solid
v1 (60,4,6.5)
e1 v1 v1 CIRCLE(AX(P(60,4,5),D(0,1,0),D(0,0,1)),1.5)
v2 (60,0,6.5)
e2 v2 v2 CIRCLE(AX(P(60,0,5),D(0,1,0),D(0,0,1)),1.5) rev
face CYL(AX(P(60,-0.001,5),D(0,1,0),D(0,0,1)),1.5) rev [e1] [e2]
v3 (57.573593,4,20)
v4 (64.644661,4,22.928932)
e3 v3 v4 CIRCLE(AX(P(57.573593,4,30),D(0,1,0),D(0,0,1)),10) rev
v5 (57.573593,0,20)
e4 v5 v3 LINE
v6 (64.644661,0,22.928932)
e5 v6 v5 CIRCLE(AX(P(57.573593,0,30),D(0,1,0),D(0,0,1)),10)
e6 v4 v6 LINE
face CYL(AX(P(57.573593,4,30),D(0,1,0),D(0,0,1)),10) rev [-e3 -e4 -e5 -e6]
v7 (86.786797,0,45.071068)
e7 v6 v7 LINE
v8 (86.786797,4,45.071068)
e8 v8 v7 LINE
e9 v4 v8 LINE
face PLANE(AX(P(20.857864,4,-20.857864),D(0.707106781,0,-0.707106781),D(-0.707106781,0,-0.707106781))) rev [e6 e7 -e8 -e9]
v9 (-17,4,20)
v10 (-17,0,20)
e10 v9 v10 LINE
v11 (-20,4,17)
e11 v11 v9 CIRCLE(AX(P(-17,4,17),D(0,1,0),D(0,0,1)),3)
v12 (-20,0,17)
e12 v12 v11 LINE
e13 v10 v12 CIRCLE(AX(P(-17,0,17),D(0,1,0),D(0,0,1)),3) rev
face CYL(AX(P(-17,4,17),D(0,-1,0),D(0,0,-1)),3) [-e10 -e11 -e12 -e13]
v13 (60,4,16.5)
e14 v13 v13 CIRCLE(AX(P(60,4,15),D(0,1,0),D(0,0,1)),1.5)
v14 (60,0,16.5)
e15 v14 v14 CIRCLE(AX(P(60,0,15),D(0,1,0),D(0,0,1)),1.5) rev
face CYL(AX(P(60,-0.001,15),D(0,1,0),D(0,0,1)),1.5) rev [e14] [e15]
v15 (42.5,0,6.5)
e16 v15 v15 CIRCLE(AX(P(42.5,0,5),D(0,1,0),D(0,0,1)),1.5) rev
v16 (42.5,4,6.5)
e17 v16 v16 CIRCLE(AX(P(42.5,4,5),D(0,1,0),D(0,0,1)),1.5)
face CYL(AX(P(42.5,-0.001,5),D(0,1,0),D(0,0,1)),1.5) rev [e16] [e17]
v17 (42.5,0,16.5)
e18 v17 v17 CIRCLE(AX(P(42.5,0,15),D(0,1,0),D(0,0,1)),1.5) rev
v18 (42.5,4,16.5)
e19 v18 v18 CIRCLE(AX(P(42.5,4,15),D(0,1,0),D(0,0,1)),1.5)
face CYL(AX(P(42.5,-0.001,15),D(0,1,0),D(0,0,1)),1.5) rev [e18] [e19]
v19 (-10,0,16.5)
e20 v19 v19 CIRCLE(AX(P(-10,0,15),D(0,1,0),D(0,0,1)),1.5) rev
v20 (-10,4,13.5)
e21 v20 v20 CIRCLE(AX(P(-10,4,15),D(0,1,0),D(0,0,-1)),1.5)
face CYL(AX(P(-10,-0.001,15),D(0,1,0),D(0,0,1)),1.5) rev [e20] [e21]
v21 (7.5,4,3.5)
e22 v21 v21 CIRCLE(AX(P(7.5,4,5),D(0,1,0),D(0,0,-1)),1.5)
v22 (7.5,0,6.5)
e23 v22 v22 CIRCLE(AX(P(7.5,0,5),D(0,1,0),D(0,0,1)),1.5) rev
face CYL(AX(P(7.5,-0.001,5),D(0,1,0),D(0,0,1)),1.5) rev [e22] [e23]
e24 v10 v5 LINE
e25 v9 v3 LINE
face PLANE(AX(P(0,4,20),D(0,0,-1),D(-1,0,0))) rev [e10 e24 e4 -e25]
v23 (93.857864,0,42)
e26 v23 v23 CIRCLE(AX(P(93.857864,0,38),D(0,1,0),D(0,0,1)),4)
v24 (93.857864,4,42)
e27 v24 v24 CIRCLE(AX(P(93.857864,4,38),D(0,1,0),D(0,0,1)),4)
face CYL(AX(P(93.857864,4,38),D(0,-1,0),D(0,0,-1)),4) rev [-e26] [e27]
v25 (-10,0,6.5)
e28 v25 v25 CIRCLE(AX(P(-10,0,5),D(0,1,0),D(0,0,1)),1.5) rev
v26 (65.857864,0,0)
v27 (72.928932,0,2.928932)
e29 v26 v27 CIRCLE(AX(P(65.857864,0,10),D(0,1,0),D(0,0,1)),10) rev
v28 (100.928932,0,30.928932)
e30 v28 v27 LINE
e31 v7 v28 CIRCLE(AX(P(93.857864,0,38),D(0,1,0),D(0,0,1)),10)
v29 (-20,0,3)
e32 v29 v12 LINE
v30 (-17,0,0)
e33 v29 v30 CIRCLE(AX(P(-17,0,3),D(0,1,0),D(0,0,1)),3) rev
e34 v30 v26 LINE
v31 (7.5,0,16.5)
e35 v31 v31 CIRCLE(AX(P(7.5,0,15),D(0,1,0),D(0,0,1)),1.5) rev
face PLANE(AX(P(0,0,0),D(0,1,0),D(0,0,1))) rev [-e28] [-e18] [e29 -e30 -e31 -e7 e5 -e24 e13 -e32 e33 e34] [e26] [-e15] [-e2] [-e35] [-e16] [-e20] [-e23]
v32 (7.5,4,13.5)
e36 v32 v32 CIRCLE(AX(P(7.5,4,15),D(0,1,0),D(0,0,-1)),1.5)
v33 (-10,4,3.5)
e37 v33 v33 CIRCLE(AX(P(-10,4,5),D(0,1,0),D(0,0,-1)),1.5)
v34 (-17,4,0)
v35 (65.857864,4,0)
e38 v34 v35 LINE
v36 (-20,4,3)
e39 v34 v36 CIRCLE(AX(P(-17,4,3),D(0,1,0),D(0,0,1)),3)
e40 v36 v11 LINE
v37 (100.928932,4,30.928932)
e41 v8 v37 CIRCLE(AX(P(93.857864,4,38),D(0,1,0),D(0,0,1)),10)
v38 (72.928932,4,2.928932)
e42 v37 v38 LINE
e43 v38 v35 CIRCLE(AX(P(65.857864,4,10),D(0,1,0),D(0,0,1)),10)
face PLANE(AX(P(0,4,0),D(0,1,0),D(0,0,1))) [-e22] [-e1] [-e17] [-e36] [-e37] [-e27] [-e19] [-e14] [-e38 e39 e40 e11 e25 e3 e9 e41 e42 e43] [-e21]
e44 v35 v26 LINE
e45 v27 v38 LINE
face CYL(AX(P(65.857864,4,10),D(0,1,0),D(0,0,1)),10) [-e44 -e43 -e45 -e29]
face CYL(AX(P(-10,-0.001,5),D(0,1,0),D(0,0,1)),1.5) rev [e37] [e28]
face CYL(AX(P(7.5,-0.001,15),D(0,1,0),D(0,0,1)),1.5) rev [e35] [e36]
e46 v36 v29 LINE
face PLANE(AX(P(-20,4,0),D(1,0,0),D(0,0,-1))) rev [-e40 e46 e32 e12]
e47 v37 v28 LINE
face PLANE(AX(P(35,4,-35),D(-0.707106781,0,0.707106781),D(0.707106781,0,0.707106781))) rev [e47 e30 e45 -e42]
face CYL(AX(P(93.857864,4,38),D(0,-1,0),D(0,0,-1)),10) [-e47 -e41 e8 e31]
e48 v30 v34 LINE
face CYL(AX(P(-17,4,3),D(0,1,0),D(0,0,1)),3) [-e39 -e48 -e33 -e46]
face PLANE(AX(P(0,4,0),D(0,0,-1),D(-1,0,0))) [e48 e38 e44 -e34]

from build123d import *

# Parameters (mm, degrees)
SKETCH_1_R          = 4
EXTRUDE_1_DEPTH     = 4
CUT_EXTRUDE_1_REACH = 127.309
SKETCH_2_R          = 1.5
EXTRUDE_2_DEPTH     = 4
FILLET_1_R          = 3
FILLET_3_R          = 10
SKETCH_4_R          = 1.5
CUT_EXTRUDE_2_DEPTH = 10


with BuildPart() as part:
    # 草图1 → 凸台-拉伸1 (new body)
    with BuildSketch(Plane(origin=(0, 0, 0), x_dir=(1, 0, 0), z_dir=(0, 1, 0))):
        with BuildLine():
            Line((100.928932188, -30.928932188), (70, 0))
            Line((70, 0), (35, 0))
            Line((35, 0), (35, 70))
            Line((35, 70), (15, 70))
            Line((15, 70), (15, 0))
            Line((15, 0), (-20, 0))
            Line((-20, 0), (-20, -20))
            Line((-20, -20), (61.715728753, -20))
            Line((61.715728753, -20), (86.786796564, -45.071067812))
            ThreePointArc((86.786796564, -45.071067812), (100.928932188, -45.071067812), (100.928932188, -30.928932188))
        make_face()
        with Locations(Location((93.857864376, -38, 0), (0, 0, 270))):
            Circle(SKETCH_1_R, mode=Mode.SUBTRACT)
    extrude(amount=EXTRUDE_1_DEPTH)

    # 草图2 → 切除-拉伸1 (cut, up to next)
    with BuildSketch(Plane(origin=(0, 4, 0), x_dir=(1, 0, 0), z_dir=(0, 1, 0)), mode=Mode.PRIVATE) as cut_extrude_1_sk1:
        with Locations(Location((17.5, 60, 0), (0, 0, 270))):
            Circle(SKETCH_2_R)
    cut_extrude_1_tool1 = extrude(cut_extrude_1_sk1.sketch, amount=-CUT_EXTRUDE_1_REACH, mode=Mode.PRIVATE) & part.part
    # 草图2 → 切除-拉伸1 (cut, up to next)
    with BuildSketch(Plane(origin=(0, 4, 0), x_dir=(1, 0, 0), z_dir=(0, 1, 0)), mode=Mode.PRIVATE) as cut_extrude_1_sk2:
        with Locations(Location((32.5, 60, 0), (0, 0, 270))):
            Circle(SKETCH_2_R)
    cut_extrude_1_tool2 = extrude(cut_extrude_1_sk2.sketch, amount=-CUT_EXTRUDE_1_REACH, mode=Mode.PRIVATE) & part.part
    # 草图2 → 切除-拉伸1 (cut, up to next)
    with BuildSketch(Plane(origin=(0, 4, 0), x_dir=(1, 0, 0), z_dir=(0, 1, 0)), mode=Mode.PRIVATE) as cut_extrude_1_sk3:
        with Locations(Location((32.5, 50, 0), (0, 0, 270))):
            Circle(SKETCH_2_R)
    cut_extrude_1_tool3 = extrude(cut_extrude_1_sk3.sketch, amount=-CUT_EXTRUDE_1_REACH, mode=Mode.PRIVATE) & part.part
    # 草图2 → 切除-拉伸1 (cut, up to next)
    with BuildSketch(Plane(origin=(0, 4, 0), x_dir=(1, 0, 0), z_dir=(0, 1, 0)), mode=Mode.PRIVATE) as cut_extrude_1_sk4:
        with Locations(Location((17.5, 50, 0), (0, 0, 270))):
            Circle(SKETCH_2_R)
    cut_extrude_1_tool4 = extrude(cut_extrude_1_sk4.sketch, amount=-CUT_EXTRUDE_1_REACH, mode=Mode.PRIVATE) & part.part
    # 草图2 → 切除-拉伸1 (cut, up to next)
    with BuildSketch(Plane(origin=(0, 4, 0), x_dir=(1, 0, 0), z_dir=(0, 1, 0)), mode=Mode.PRIVATE) as cut_extrude_1_sk5:
        with Locations(Location((17.5, 20, 0), (0, 0, 270))):
            Circle(SKETCH_2_R)
    cut_extrude_1_tool5 = extrude(cut_extrude_1_sk5.sketch, amount=-CUT_EXTRUDE_1_REACH, mode=Mode.PRIVATE) & part.part
    # 草图2 → 切除-拉伸1 (cut, up to next)
    with BuildSketch(Plane(origin=(0, 4, 0), x_dir=(1, 0, 0), z_dir=(0, 1, 0)), mode=Mode.PRIVATE) as cut_extrude_1_sk6:
        with Locations(Location((17.5, 10, 0), (0, 0, 270))):
            Circle(SKETCH_2_R)
    cut_extrude_1_tool6 = extrude(cut_extrude_1_sk6.sketch, amount=-CUT_EXTRUDE_1_REACH, mode=Mode.PRIVATE) & part.part
    # 草图2 → 切除-拉伸1 (cut, up to next)
    with BuildSketch(Plane(origin=(0, 4, 0), x_dir=(1, 0, 0), z_dir=(0, 1, 0)), mode=Mode.PRIVATE) as cut_extrude_1_sk7:
        with Locations(Location((32.5, 10, 0), (0, 0, 270))):
            Circle(SKETCH_2_R)
    cut_extrude_1_tool7 = extrude(cut_extrude_1_sk7.sketch, amount=-CUT_EXTRUDE_1_REACH, mode=Mode.PRIVATE) & part.part
    # 草图2 → 切除-拉伸1 (cut, up to next)
    with BuildSketch(Plane(origin=(0, 4, 0), x_dir=(1, 0, 0), z_dir=(0, 1, 0)), mode=Mode.PRIVATE) as cut_extrude_1_sk8:
        with Locations(Location((32.5, 20, 0), (0, 0, 270))):
            Circle(SKETCH_2_R)
    cut_extrude_1_tool8 = extrude(cut_extrude_1_sk8.sketch, amount=-CUT_EXTRUDE_1_REACH, mode=Mode.PRIVATE) & part.part
    # 草图2 → 切除-拉伸1 (cut, up to next)
    with BuildSketch(Plane(origin=(0, 4, 0), x_dir=(1, 0, 0), z_dir=(0, 1, 0)), mode=Mode.PRIVATE) as cut_extrude_1_sk9:
        with Locations(Location((42.5, -5, 0), (0, 0, 270))):
            Circle(SKETCH_2_R)
    cut_extrude_1_tool9 = extrude(cut_extrude_1_sk9.sketch, amount=-CUT_EXTRUDE_1_REACH, mode=Mode.PRIVATE) & part.part
    # 草图2 → 切除-拉伸1 (cut, up to next)
    with BuildSketch(Plane(origin=(0, 4, 0), x_dir=(1, 0, 0), z_dir=(0, 1, 0)), mode=Mode.PRIVATE) as cut_extrude_1_sk10:
        with Locations(Location((42.5, -15, 0), (0, 0, 270))):
            Circle(SKETCH_2_R)
    cut_extrude_1_tool10 = extrude(cut_extrude_1_sk10.sketch, amount=-CUT_EXTRUDE_1_REACH, mode=Mode.PRIVATE) & part.part
    # 草图2 → 切除-拉伸1 (cut, up to next)
    with BuildSketch(Plane(origin=(0, 4, 0), x_dir=(1, 0, 0), z_dir=(0, 1, 0)), mode=Mode.PRIVATE) as cut_extrude_1_sk11:
        with Locations(Location((7.5, -15, 0), (0, 0, 270))):
            Circle(SKETCH_2_R)
    cut_extrude_1_tool11 = extrude(cut_extrude_1_sk11.sketch, amount=-CUT_EXTRUDE_1_REACH, mode=Mode.PRIVATE) & part.part
    # 草图2 → 切除-拉伸1 (cut, up to next)
    with BuildSketch(Plane(origin=(0, 4, 0), x_dir=(1, 0, 0), z_dir=(0, 1, 0)), mode=Mode.PRIVATE) as cut_extrude_1_sk12:
        with Locations(Location((7.5, -5, 0), (0, 0, 270))):
            Circle(SKETCH_2_R)
    cut_extrude_1_tool12 = extrude(cut_extrude_1_sk12.sketch, amount=-CUT_EXTRUDE_1_REACH, mode=Mode.PRIVATE) & part.part
    # 草图2 → 切除-拉伸1 (cut, up to next)
    with BuildSketch(Plane(origin=(0, 4, 0), x_dir=(1, 0, 0), z_dir=(0, 1, 0)), mode=Mode.PRIVATE) as cut_extrude_1_sk13:
        with Locations(Location((60, -15, 0), (0, 0, 270))):
            Circle(SKETCH_2_R)
    cut_extrude_1_tool13 = extrude(cut_extrude_1_sk13.sketch, amount=-CUT_EXTRUDE_1_REACH, mode=Mode.PRIVATE) & part.part
    # 草图2 → 切除-拉伸1 (cut, up to next)
    with BuildSketch(Plane(origin=(0, 4, 0), x_dir=(1, 0, 0), z_dir=(0, 1, 0)), mode=Mode.PRIVATE) as cut_extrude_1_sk14:
        with Locations(Location((60, -5, 0), (0, 0, 270))):
            Circle(SKETCH_2_R)
    cut_extrude_1_tool14 = extrude(cut_extrude_1_sk14.sketch, amount=-CUT_EXTRUDE_1_REACH, mode=Mode.PRIVATE) & part.part
    # 草图2 → 切除-拉伸1 (cut, up to next)
    with BuildSketch(Plane(origin=(0, 4, 0), x_dir=(1, 0, 0), z_dir=(0, 1, 0)), mode=Mode.PRIVATE) as cut_extrude_1_sk15:
        with Locations(Location((-10, -15, 0), (0, 0, 270))):
            Circle(SKETCH_2_R)
    cut_extrude_1_tool15 = extrude(cut_extrude_1_sk15.sketch, amount=-CUT_EXTRUDE_1_REACH, mode=Mode.PRIVATE) & part.part
    # 草图2 → 切除-拉伸1 (cut, up to next)
    with BuildSketch(Plane(origin=(0, 4, 0), x_dir=(1, 0, 0), z_dir=(0, 1, 0)), mode=Mode.PRIVATE) as cut_extrude_1_sk16:
        with Locations(Location((-10, -5, 0), (0, 0, 270))):
            Circle(SKETCH_2_R)
    cut_extrude_1_tool16 = extrude(cut_extrude_1_sk16.sketch, amount=-CUT_EXTRUDE_1_REACH, mode=Mode.PRIVATE) & part.part
    add(cut_extrude_1_tool1.solids().sort_by_distance((17.5, 4, -60))[0], mode=Mode.SUBTRACT)
    add(cut_extrude_1_tool2.solids().sort_by_distance((32.5, 4, -60))[0], mode=Mode.SUBTRACT)
    add(cut_extrude_1_tool3.solids().sort_by_distance((32.5, 4, -50))[0], mode=Mode.SUBTRACT)
    add(cut_extrude_1_tool4.solids().sort_by_distance((17.5, 4, -50))[0], mode=Mode.SUBTRACT)
    add(cut_extrude_1_tool5.solids().sort_by_distance((17.5, 4, -20))[0], mode=Mode.SUBTRACT)
    add(cut_extrude_1_tool6.solids().sort_by_distance((17.5, 4, -10))[0], mode=Mode.SUBTRACT)
    add(cut_extrude_1_tool7.solids().sort_by_distance((32.5, 4, -10))[0], mode=Mode.SUBTRACT)
    add(cut_extrude_1_tool8.solids().sort_by_distance((32.5, 4, -20))[0], mode=Mode.SUBTRACT)
    add(cut_extrude_1_tool9.solids().sort_by_distance((42.5, 4, 5))[0], mode=Mode.SUBTRACT)
    add(cut_extrude_1_tool10.solids().sort_by_distance((42.5, 4, 15))[0], mode=Mode.SUBTRACT)
    add(cut_extrude_1_tool11.solids().sort_by_distance((7.5, 4, 15))[0], mode=Mode.SUBTRACT)
    add(cut_extrude_1_tool12.solids().sort_by_distance((7.5, 4, 5))[0], mode=Mode.SUBTRACT)
    add(cut_extrude_1_tool13.solids().sort_by_distance((60, 4, 15))[0], mode=Mode.SUBTRACT)
    add(cut_extrude_1_tool14.solids().sort_by_distance((60, 4, 5))[0], mode=Mode.SUBTRACT)
    add(cut_extrude_1_tool15.solids().sort_by_distance((-10, 4, 15))[0], mode=Mode.SUBTRACT)
    add(cut_extrude_1_tool16.solids().sort_by_distance((-10, 4, 5))[0], mode=Mode.SUBTRACT)

    # 草图3 → 凸台-拉伸2 (add)
    with BuildSketch(Plane(origin=(0, 4, 0), x_dir=(1, 0, 0), z_dir=(0, 1, 0))):
        Polygon((50, 0), (35, 0), (35, 20), align=None)
        Polygon((15, 0), (0, 0), (15, 20), align=None)
    extrude(amount=-EXTRUDE_2_DEPTH)

    # 圆角1
    fillet_1_edges = [part.edges().sort_by_distance(p)[0] for p in [
        (35, 2, -20),
        (50, 2, 0),
        (15, 2, -20),
        (0, 2, 0),
        (-20, 2, 20),
        (-20, 2, 0),
        (15, 2, -70),
        (35, 2, -70),
    ]]
    fillet(fillet_1_edges, radius=FILLET_1_R)

    # 圆角3
    fillet_3_edges = [part.edges().sort_by_distance(p)[0] for p in [
        (61.715728753, 2, 20),
        (70, 2, 0),
    ]]
    fillet(fillet_3_edges, radius=FILLET_3_R)

    # 草图4 → 切除-拉伸2 (cut)
    with BuildSketch(Plane(origin=(0, 4, 0), x_dir=(1, 0, 0), z_dir=(0, 1, 0))):
        with BuildLine():
            Line((-1.5, 0), (51.5, 0))
            ThreePointArc((51.5, 0), (50.158359214, 0.316718427), (49.1, 1.2))
            Line((49.1, 1.2), (35.6, 19.2))
            ThreePointArc((35.6, 19.2), (35.153950106, 20.051316702), (35, 21))
            Line((35, 21), (35, 67))
            ThreePointArc((35, 67), (34.121320344, 69.121320344), (32, 70))
            Line((32, 70), (18, 70))
            ThreePointArc((18, 70), (15.878679656, 69.121320344), (15, 67))
            Line((15, 67), (15, 21))
            ThreePointArc((15, 21), (14.846049894, 20.051316702), (14.4, 19.2))
            Line((14.4, 19.2), (0.9, 1.2))
            ThreePointArc((0.9, 1.2), (-0.158359214, 0.316718427), (-1.5, 0))
        make_face()
        with Locations((32.5, 10)):
            Circle(SKETCH_4_R, mode=Mode.SUBTRACT)
        with Locations((17.5, 20)):
            Circle(SKETCH_4_R, mode=Mode.SUBTRACT)
        with Locations((32.5, 60)):
            Circle(SKETCH_4_R, mode=Mode.SUBTRACT)
        with Locations((17.5, 50)):
            Circle(SKETCH_4_R, mode=Mode.SUBTRACT)
        with Locations((17.5, 60)):
            Circle(SKETCH_4_R, mode=Mode.SUBTRACT)
        with Locations((32.5, 50)):
            Circle(SKETCH_4_R, mode=Mode.SUBTRACT)
        with Locations((32.5, 20)):
            Circle(SKETCH_4_R, mode=Mode.SUBTRACT)
        with Locations((17.5, 10)):
            Circle(SKETCH_4_R, mode=Mode.SUBTRACT)
    extrude(amount=-CUT_EXTRUDE_2_DEPTH, mode=Mode.SUBTRACT)


solid = part.part
